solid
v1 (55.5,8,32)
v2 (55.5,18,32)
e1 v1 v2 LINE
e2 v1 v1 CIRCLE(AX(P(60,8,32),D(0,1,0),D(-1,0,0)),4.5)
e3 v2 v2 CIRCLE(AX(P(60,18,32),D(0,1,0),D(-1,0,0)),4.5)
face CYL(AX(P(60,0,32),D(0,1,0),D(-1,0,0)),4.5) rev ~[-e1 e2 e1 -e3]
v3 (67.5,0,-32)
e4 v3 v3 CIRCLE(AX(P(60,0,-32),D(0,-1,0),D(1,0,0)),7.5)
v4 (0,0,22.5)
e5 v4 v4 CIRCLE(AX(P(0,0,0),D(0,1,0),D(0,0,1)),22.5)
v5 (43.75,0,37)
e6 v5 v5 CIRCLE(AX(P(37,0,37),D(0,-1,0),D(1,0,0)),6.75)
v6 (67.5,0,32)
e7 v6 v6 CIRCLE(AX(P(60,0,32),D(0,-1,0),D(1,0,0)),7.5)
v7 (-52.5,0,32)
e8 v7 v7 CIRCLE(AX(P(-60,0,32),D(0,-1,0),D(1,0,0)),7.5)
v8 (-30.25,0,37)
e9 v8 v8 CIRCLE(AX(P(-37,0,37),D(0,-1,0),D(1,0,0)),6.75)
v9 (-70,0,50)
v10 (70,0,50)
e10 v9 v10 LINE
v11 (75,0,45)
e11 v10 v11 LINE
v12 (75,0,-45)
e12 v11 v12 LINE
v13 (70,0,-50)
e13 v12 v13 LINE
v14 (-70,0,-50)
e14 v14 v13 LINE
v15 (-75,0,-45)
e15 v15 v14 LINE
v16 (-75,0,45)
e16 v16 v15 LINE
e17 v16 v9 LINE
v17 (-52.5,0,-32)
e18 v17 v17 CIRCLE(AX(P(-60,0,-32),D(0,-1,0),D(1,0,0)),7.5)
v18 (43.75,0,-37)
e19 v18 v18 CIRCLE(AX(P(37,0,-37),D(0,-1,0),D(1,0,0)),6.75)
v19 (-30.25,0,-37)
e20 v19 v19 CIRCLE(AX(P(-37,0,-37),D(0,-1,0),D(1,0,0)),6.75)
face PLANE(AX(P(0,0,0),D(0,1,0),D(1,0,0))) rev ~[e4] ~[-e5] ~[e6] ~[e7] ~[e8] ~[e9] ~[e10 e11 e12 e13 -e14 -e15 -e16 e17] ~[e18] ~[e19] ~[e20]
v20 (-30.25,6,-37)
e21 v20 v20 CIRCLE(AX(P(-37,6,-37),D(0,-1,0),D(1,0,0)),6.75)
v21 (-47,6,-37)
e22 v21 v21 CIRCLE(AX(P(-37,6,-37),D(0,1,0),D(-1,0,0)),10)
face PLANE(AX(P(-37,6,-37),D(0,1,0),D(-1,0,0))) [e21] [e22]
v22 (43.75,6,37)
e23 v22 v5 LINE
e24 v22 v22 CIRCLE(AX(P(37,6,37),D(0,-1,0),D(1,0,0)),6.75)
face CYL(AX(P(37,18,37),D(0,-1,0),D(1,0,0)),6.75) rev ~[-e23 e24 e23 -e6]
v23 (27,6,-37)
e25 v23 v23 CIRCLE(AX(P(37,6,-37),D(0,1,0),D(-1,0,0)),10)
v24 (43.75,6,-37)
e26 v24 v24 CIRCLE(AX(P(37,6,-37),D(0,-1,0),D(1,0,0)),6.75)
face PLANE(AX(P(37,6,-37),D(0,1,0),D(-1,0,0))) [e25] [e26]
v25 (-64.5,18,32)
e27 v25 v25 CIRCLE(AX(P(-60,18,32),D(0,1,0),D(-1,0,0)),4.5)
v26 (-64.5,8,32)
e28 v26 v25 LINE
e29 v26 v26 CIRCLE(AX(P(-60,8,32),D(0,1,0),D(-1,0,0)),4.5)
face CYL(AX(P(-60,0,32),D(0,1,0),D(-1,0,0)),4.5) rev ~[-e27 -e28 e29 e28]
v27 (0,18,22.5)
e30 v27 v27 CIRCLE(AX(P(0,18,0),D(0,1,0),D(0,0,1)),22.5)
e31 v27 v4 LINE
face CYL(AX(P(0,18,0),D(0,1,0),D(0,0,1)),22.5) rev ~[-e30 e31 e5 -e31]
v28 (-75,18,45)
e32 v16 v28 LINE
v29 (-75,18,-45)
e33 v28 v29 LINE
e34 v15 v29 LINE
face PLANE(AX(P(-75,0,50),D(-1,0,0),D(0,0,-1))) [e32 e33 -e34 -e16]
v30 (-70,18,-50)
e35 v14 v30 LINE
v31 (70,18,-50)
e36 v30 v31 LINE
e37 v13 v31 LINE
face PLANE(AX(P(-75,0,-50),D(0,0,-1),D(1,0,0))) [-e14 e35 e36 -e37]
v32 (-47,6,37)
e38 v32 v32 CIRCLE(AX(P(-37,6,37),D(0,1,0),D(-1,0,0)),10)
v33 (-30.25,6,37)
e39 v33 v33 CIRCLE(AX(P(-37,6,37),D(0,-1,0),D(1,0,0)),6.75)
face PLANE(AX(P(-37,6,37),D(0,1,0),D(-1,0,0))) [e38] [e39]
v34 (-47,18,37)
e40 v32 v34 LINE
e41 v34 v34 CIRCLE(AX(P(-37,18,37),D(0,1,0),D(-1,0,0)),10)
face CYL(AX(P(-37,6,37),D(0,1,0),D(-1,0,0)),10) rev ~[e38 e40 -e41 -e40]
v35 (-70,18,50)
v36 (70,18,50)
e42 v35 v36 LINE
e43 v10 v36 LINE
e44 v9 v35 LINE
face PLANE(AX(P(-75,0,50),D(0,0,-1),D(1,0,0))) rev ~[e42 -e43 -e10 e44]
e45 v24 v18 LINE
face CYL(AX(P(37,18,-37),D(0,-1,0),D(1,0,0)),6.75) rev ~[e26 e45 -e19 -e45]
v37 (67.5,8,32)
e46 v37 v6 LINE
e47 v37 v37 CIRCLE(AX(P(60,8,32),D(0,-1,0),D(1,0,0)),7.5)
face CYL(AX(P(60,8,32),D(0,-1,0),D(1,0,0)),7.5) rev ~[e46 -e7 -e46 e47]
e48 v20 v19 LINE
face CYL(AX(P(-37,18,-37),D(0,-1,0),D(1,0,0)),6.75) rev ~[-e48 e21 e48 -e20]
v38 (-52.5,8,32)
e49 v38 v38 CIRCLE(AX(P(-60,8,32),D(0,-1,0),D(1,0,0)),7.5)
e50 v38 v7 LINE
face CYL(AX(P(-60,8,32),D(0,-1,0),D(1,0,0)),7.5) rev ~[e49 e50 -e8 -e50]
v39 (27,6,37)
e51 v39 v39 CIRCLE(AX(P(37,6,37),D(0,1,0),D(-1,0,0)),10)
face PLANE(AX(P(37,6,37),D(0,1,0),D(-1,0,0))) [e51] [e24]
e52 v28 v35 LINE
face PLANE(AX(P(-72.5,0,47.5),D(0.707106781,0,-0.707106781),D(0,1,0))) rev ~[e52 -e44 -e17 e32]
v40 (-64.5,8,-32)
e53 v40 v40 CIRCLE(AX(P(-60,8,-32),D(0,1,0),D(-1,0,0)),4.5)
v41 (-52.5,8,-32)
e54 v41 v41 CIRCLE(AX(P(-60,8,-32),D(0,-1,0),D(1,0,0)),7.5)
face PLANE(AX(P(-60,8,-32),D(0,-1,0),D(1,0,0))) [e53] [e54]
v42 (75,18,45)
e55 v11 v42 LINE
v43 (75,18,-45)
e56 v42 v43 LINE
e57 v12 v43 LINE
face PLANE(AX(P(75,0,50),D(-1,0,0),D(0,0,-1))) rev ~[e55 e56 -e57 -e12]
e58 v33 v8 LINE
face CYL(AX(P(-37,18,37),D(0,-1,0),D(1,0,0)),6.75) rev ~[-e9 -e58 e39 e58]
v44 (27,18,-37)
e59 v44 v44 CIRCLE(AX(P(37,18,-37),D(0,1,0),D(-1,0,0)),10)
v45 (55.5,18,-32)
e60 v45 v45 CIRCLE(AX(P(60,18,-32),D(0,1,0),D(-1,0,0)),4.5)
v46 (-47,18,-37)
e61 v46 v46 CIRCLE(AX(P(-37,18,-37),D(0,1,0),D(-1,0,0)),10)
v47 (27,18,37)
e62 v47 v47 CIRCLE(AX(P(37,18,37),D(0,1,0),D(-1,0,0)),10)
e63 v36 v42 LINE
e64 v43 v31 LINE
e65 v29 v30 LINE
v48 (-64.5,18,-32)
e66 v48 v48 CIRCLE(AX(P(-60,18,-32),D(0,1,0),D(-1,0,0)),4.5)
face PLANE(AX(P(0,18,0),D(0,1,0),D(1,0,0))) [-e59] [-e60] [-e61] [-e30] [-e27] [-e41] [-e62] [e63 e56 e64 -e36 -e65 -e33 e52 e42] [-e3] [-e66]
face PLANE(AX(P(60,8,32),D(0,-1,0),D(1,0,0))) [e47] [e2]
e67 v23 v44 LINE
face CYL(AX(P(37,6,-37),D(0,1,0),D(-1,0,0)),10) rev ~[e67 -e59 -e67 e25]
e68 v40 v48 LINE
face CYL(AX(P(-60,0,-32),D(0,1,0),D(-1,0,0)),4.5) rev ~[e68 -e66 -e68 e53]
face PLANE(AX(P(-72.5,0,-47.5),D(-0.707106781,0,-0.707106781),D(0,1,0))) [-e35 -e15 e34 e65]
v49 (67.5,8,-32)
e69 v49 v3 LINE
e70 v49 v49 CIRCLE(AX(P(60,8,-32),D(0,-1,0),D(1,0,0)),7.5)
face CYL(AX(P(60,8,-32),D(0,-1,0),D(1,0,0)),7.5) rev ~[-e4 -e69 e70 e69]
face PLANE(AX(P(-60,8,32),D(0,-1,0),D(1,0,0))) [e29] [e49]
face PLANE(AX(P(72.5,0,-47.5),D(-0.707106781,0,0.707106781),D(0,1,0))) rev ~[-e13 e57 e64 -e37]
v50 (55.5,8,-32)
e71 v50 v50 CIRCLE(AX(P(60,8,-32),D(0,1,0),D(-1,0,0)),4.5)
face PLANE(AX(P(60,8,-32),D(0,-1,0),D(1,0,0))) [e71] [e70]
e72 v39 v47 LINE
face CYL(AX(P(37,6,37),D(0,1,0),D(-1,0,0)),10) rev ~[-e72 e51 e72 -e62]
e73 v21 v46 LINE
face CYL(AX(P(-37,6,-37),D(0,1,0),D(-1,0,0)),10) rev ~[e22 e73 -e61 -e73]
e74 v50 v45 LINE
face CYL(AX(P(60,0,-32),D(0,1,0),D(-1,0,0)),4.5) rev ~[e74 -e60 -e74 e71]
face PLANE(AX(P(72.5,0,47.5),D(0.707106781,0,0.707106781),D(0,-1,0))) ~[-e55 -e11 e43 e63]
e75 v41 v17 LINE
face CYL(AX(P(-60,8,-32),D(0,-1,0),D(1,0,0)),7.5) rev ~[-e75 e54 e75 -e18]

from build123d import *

# Parameters (mm, degrees)
SKETCH_1_W                    = 150
SKETCH_1_H                    = 100
EXTRUDE_1_DEPTH               = 18
CHAMFER_1_SIZE                = 5
HOLE_WIZARD_M8_1_D            = 9
HOLE_WIZARD_M8_1_CBORE_D      = 15
HOLE_WIZARD_M8_1_CBORE_DEPTH  = 8
HOLE_WIZARD_M12_5_D           = 13.5
HOLE_WIZARD_M12_5_CBORE_D     = 20
HOLE_WIZARD_M12_5_CBORE_DEPTH = 12
SKETCH_16_R                   = 22.5
CUT_EXTRUDE_3_DEPTH           = 92.91844211


with BuildPart() as part:
    # 草圖1 → 伸長1 (new body)
    with BuildSketch(Plane(origin=(0, 0, 0), x_dir=(1, 0, 0), z_dir=(0, 1, 0))):
        Rectangle(SKETCH_1_W, SKETCH_1_H)
    extrude(amount=EXTRUDE_1_DEPTH)

    # 導角1
    chamfer_1_edges = [part.edges().sort_by_distance(p)[0] for p in [
        (-75, 9, -50),
        (75, 9, -50),
        (75, 9, 50),
        (-75, 9, 50),
    ]]
    chamfer(chamfer_1_edges, length=CHAMFER_1_SIZE)

    # M8 六角承窩頭蓋螺釘的柱孔1 (through all)
    with Locations(Plane(origin=(-62.5, 0, 50), x_dir=(1, 0, 0), z_dir=(0, -1, 0))):
        with Locations((2.5, -82), (2.5, -18), (122.5, -18), (122.5, -82)):
            CounterBoreHole(HOLE_WIZARD_M8_1_D / 2, HOLE_WIZARD_M8_1_CBORE_D / 2, HOLE_WIZARD_M8_1_CBORE_DEPTH)

    # M12 六角承窩頭蓋螺釘的柱孔5 (through all)
    with Locations(Plane(origin=(0, 18, 0), x_dir=(-1, 0, 0), z_dir=(0, 1, 0))):
        with Locations((37, -37), (-37, -37), (-37, 37), (37, 37)):
            CounterBoreHole(HOLE_WIZARD_M12_5_D / 2, HOLE_WIZARD_M12_5_CBORE_D / 2, HOLE_WIZARD_M12_5_CBORE_DEPTH)

    # 草圖16 → 除料-伸長3 (cut, through all)
    with BuildSketch(Plane(origin=(0, 18, 0), x_dir=(1, 0, 0), z_dir=(0, 1, 0))):
        with Locations(Location((0, 0, 0), (0, 0, 270))):
            Circle(SKETCH_16_R)
    extrude(amount=-CUT_EXTRUDE_3_DEPTH, mode=Mode.SUBTRACT)


solid = part.part
